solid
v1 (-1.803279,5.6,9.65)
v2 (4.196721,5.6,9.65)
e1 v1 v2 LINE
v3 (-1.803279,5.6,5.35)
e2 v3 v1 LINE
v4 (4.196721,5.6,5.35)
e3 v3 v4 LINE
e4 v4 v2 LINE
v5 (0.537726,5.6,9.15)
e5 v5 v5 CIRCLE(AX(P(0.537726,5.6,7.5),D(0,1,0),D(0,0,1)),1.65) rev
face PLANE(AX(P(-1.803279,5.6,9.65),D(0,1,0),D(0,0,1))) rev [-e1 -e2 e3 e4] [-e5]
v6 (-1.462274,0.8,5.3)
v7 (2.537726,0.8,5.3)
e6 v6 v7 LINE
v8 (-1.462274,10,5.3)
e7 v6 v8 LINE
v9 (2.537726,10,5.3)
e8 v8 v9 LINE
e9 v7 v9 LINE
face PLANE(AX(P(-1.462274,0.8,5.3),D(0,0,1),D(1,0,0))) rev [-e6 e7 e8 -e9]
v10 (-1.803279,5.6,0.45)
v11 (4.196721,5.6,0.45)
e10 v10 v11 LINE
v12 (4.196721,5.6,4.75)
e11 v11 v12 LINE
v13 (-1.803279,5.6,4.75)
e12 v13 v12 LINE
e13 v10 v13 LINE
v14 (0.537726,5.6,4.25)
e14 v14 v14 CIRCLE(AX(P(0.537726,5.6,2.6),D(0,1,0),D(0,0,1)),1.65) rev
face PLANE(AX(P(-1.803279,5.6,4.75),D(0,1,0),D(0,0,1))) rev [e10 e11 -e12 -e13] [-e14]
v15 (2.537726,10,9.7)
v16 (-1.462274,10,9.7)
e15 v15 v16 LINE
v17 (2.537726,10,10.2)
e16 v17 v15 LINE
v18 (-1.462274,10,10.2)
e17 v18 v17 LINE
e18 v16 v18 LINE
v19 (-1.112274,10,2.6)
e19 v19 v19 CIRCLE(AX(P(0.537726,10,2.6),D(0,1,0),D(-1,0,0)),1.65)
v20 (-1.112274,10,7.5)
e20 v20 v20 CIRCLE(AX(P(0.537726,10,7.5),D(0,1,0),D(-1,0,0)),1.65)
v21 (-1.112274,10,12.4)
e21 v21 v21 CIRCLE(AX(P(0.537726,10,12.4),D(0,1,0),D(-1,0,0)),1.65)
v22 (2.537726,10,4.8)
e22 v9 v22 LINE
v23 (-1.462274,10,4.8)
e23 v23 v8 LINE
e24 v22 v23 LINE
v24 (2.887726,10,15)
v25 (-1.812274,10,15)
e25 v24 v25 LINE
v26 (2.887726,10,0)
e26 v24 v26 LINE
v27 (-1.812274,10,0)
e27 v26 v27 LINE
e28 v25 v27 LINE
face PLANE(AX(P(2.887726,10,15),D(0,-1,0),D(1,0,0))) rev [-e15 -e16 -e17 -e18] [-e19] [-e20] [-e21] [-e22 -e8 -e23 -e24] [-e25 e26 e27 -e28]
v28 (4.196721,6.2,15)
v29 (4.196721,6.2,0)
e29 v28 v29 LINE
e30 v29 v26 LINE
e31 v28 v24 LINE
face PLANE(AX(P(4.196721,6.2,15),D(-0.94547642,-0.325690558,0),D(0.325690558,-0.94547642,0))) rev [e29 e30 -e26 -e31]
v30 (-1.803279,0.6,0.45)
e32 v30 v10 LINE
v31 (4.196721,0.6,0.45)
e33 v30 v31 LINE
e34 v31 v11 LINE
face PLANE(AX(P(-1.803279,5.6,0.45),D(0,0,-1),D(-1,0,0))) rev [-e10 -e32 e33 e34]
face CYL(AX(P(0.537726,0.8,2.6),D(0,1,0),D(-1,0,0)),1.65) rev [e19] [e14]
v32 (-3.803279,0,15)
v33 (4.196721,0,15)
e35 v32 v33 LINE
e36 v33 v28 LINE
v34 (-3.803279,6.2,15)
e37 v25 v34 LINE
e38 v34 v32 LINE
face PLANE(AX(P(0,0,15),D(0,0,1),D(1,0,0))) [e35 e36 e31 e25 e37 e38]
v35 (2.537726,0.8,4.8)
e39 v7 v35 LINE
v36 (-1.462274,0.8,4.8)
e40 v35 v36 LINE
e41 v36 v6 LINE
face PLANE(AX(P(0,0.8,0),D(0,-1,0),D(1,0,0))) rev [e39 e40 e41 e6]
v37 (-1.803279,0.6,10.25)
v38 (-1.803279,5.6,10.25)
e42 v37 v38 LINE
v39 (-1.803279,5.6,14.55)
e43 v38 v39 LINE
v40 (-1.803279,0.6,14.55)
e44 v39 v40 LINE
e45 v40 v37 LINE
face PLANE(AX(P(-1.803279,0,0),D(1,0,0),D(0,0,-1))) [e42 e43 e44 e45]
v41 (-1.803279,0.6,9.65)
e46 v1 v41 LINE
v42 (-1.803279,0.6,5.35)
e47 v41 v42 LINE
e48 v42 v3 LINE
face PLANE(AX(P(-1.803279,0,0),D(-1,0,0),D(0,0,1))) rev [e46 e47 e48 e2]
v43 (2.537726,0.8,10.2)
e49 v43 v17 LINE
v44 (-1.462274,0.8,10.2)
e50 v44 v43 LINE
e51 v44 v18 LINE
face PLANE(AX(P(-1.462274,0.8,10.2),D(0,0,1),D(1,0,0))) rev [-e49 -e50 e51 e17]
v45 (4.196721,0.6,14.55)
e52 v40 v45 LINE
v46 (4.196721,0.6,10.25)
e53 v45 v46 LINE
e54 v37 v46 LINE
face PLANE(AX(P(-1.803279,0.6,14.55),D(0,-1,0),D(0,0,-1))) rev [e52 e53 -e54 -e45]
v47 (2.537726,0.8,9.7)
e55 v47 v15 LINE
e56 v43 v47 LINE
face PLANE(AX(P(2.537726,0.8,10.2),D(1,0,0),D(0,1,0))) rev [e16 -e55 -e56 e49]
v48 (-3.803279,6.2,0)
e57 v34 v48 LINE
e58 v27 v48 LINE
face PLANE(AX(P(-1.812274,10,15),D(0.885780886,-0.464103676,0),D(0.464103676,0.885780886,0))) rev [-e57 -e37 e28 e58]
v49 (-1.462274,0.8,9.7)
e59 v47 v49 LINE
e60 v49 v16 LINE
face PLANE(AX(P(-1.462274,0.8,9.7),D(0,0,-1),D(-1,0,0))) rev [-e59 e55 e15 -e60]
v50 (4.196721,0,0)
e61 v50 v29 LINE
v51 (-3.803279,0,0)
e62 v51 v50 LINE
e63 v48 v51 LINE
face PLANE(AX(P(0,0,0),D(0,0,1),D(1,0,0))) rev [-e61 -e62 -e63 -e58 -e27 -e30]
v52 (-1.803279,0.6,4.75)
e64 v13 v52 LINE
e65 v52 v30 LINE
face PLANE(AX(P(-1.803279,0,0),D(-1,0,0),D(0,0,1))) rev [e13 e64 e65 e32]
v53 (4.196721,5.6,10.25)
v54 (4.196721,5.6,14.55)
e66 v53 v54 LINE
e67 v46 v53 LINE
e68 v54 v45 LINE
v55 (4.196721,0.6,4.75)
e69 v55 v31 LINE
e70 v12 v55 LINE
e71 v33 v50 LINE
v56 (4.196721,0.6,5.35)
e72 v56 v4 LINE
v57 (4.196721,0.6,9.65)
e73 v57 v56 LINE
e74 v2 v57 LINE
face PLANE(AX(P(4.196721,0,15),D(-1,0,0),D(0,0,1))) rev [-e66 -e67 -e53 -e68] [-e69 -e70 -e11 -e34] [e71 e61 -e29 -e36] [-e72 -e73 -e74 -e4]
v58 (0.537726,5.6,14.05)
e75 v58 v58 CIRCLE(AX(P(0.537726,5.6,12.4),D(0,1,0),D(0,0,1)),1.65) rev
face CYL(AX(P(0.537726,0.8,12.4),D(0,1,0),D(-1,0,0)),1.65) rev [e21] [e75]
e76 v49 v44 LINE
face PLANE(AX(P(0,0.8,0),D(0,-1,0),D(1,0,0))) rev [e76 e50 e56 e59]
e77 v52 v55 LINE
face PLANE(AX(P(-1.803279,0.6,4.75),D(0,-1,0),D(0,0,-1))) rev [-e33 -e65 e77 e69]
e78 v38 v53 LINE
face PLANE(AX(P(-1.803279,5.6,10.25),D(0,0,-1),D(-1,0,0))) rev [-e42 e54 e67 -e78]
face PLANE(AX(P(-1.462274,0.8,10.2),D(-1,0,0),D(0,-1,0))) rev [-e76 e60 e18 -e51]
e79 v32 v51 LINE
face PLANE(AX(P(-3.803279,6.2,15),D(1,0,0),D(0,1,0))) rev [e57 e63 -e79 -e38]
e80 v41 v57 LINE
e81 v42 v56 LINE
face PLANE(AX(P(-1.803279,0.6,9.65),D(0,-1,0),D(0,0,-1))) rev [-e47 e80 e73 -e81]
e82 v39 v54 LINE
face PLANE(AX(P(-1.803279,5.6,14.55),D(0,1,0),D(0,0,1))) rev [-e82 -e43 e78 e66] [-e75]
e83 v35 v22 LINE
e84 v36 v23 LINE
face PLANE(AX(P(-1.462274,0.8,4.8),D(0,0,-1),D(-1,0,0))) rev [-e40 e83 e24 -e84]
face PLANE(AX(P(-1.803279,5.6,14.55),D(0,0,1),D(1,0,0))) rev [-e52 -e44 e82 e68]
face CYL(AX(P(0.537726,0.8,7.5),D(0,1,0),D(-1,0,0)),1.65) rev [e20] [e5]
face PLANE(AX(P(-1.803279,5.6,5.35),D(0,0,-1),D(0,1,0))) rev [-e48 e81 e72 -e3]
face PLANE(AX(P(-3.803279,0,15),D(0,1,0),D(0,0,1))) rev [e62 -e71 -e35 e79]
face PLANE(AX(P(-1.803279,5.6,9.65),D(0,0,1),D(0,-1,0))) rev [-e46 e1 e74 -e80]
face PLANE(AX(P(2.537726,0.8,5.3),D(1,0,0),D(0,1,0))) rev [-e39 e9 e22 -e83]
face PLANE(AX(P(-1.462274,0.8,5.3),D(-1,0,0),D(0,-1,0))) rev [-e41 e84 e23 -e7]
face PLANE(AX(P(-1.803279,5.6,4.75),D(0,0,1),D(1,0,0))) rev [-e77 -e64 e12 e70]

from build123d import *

# Parameters (mm, degrees)
BOSS_EXTRUDE1_DEPTH = 15
SKETCH2_R           = 1.65
SKETCH2_W           = 4
SKETCH2_H           = 0.5
CUT_EXTRUDE1_DEPTH  = 9.2
SKETCH3_W           = 4.3
SKETCH3_H           = 5
CUT_EXTRUDE2_DEPTH  = 6


with BuildPart() as part:
    # Sketch1 → Boss-Extrude1 (new body)
    with BuildSketch(Plane.XY):
        Polygon((-3.803278689, 0), (4.196721311, 0), (4.196721311, 6.2), (2.887726083, 10), (-1.812273917, 10), (-3.803278689, 6.2), align=None)
    extrude(amount=BOSS_EXTRUDE1_DEPTH)

    # Sketch2 → Cut-Extrude1 (cut)
    with BuildSketch(Plane(origin=(0, 10, 0), x_dir=(1, 0, 0), z_dir=(0, 1, 0))):
        with Locations((0.537726083, -12.4)):
            Circle(SKETCH2_R)
        with Locations((0.537726083, -7.5)):
            Circle(SKETCH2_R)
        with Locations((0.537726083, -2.6)):
            Circle(SKETCH2_R)
        with Locations((0.537726083, -9.95)):
            Rectangle(SKETCH2_W, SKETCH2_H)
        with Locations((0.537726083, -5.05)):
            Rectangle(SKETCH2_W, SKETCH2_H)
    extrude(amount=-CUT_EXTRUDE1_DEPTH, mode=Mode.SUBTRACT)

    # Sketch3 → Cut-Extrude2 (cut)
    with BuildSketch(Plane(origin=(4.196721311, 0, 0), x_dir=(0, 0, -1), z_dir=(1, 0, 0))):
        with Locations((-12.4, 3.1)):
            Rectangle(SKETCH3_W, SKETCH3_H)
        with Locations((-7.5, 3.1)):
            Rectangle(SKETCH3_W, SKETCH3_H)
        with Locations((-2.6, 3.1)):
            Rectangle(SKETCH3_W, SKETCH3_H)
    extrude(amount=-CUT_EXTRUDE2_DEPTH, mode=Mode.SUBTRACT)


solid = part.part
